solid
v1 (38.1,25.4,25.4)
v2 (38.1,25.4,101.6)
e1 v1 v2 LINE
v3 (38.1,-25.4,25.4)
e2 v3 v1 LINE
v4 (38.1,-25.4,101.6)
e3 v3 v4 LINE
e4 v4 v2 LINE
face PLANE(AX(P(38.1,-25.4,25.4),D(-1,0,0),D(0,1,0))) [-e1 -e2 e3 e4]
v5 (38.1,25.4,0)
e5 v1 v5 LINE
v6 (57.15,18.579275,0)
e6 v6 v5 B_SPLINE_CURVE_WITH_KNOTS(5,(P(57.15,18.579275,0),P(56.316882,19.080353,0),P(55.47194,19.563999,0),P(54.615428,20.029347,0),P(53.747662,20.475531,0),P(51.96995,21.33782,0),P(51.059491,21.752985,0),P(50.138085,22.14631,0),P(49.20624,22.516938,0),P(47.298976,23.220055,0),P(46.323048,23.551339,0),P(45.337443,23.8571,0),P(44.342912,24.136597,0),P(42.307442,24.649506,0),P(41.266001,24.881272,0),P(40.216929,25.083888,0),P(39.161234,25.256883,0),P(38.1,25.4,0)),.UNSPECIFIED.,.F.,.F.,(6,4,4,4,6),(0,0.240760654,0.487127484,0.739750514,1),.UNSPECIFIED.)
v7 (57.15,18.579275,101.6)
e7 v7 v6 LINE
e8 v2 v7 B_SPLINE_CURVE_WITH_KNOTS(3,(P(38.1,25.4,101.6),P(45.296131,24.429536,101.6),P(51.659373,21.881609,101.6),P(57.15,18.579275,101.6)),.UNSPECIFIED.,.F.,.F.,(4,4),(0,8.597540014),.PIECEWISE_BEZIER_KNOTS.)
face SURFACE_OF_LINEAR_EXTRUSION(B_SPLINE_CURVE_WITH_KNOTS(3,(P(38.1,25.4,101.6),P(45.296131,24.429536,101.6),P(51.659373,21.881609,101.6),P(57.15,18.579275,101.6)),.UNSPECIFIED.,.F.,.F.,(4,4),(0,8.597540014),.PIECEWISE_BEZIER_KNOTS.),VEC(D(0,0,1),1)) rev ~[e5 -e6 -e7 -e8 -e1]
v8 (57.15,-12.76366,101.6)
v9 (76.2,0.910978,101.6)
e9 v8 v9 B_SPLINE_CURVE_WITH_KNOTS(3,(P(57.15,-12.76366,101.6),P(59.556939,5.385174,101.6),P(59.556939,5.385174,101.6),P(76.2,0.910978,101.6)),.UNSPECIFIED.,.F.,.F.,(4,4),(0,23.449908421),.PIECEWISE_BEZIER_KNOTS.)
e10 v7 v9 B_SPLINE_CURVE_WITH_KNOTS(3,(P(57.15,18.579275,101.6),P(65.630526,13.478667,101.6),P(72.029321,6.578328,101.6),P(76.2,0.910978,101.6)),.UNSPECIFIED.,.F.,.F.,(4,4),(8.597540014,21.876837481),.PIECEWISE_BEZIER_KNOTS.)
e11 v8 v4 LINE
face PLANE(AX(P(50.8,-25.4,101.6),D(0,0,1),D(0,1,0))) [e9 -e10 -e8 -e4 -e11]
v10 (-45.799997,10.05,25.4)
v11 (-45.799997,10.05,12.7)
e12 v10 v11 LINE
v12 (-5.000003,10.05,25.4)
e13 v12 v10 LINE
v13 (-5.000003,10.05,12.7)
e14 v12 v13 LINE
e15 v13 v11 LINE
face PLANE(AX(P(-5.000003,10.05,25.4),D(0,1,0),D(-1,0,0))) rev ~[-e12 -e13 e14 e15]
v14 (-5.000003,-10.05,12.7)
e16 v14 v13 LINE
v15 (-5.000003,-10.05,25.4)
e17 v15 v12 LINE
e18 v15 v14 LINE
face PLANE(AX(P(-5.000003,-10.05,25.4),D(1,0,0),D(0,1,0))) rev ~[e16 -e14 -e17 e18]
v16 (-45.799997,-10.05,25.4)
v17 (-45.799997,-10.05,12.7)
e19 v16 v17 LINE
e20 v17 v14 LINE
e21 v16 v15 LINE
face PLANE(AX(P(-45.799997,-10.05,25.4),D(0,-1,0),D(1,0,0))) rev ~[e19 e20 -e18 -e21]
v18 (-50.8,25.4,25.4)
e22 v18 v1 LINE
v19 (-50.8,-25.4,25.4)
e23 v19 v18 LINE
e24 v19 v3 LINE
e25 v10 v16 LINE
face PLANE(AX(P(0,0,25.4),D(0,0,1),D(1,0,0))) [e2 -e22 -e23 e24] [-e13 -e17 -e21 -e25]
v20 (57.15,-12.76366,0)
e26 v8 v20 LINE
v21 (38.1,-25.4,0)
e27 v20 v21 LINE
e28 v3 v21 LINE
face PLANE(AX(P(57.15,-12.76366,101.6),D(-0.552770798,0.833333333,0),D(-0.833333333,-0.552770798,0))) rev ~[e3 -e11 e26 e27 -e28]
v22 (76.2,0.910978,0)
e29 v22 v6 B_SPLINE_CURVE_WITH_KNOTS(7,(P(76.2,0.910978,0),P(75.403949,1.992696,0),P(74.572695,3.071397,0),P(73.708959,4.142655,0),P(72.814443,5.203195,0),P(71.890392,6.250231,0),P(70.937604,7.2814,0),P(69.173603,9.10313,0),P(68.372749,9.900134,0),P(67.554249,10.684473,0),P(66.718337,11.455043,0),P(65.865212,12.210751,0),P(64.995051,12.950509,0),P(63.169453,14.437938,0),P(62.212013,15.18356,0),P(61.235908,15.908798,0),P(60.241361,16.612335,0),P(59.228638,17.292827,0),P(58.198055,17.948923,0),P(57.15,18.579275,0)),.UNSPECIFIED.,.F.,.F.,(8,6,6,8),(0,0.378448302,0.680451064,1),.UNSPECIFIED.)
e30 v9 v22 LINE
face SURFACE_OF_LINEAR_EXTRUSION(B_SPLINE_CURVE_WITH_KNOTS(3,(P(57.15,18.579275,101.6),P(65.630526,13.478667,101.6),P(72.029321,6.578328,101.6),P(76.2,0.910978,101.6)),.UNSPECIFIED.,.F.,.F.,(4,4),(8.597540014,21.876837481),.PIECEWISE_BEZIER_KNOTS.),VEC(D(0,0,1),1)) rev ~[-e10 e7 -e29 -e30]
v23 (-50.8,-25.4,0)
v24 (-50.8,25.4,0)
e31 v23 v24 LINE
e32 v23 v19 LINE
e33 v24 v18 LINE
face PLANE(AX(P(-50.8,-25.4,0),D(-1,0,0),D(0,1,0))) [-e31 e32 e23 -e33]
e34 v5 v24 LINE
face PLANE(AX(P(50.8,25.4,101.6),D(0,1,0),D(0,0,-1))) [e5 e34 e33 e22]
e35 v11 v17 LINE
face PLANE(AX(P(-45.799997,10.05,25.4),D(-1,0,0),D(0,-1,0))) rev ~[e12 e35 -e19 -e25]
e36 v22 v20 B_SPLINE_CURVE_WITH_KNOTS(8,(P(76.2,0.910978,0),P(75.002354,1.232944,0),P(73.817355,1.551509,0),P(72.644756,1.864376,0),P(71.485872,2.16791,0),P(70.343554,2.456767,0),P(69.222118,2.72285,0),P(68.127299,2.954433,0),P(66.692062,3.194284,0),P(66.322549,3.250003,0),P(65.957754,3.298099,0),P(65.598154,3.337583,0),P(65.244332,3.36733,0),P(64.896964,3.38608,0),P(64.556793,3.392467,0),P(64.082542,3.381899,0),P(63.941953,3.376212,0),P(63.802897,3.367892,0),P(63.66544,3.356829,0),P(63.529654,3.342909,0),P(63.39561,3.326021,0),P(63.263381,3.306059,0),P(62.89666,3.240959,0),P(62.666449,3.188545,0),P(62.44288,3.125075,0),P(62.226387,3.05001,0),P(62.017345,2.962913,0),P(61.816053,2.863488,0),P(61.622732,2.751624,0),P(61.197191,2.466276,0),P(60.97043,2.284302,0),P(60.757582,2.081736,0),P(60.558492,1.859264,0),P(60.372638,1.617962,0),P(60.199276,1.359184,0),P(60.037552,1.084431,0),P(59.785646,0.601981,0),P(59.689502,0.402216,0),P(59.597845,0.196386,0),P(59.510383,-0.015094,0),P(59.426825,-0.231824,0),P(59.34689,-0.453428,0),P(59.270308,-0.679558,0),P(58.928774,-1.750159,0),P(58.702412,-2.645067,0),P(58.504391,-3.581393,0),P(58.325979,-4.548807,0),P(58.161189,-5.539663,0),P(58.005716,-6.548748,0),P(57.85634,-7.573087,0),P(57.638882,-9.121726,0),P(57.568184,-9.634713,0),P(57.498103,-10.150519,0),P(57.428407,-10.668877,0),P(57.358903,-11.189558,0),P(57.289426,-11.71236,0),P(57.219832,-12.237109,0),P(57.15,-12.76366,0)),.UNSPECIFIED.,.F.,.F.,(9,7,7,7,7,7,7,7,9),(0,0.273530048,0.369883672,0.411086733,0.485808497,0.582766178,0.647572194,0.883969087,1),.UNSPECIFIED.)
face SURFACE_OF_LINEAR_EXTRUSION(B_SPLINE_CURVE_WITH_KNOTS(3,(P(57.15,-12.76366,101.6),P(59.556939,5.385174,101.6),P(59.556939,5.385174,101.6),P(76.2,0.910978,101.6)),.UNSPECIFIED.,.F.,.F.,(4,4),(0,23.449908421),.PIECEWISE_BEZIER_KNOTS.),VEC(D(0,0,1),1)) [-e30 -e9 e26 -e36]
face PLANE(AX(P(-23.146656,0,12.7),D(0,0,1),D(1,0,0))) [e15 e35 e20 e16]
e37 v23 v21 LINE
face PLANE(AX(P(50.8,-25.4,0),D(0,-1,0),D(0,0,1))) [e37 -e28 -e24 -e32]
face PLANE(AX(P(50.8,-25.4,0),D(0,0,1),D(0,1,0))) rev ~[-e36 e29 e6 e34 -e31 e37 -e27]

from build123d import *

# Parameters (mm, degrees)
F0_W      = 101.6
F0_H      = 50.8
F1_DEPTH  = 25.4
F3_DEPTH  = 12.7
F4_W      = 12.7
F4_H      = 50.8
F5_DEPTH  = 76.2
F6_DEPTH  = 25.4
F8_DEPTH  = 228.6
F10_DEPTH = 228.6
F12_DEPTH = 228.6


with BuildPart() as f1:
    # F0 (on Top) → F1 (new body)
    with BuildSketch(Plane.XY):
        Rectangle(F0_W, F0_H)
    extrude(amount=F1_DEPTH)

    # F2 (on face) → F3 (cut)
    with BuildSketch(Plane.XY.offset(25.4)):
        with BuildLine():
            Line((-22.7059231637, 2.6940768363), (-25.4, 0))
            Line((-25.4, 0), (-22.7059231637, -2.6940768363))
            ThreePointArc((-22.7059231637, -2.6940768363), (-21.8800189811, -1.4580238773), (-21.59, 0))
            ThreePointArc((-21.59, 0), (-21.8800189811, 1.4580238773), (-22.7059231637, 2.6940768363))
        make_face()
        with BuildLine():
            ThreePointArc((-22.7059231637, 2.6940768363), (-25.4, 3.81), (-28.0940768363, 2.6940768363))
            Line((-28.0940768363, 2.6940768363), (-25.4, 0))
            Line((-25.4, 0), (-22.7059231637, 2.6940768363))
        make_face()
        with BuildLine():
            Line((-25.4, 0), (-28.0940768363, 2.6940768363))
            ThreePointArc((-28.0940768363, 2.6940768363), (-29.21, 0), (-28.0940768363, -2.6940768363))
            Line((-28.0940768363, -2.6940768363), (-25.4, 0))
        make_face()
        with BuildLine():
            Line((-22.7059231637, -2.6940768363), (-25.4, 0))
            Line((-25.4, 0), (-28.0940768363, -2.6940768363))
            ThreePointArc((-28.0940768363, -2.6940768363), (-25.4, -3.81), (-22.7059231637, -2.6940768363))
        make_face()
        with BuildLine():
            Line((-5.0000027, 10.05000022), (-14.7721255415, 10.05000022))
            ThreePointArc((-14.7721255415, 10.05000022), (-11.8093784333, 5.4082552971), (-10.772825976, 0))
            ThreePointArc((-10.772825976, 0), (-11.8093784333, -5.4082552971), (-14.7721255415, -10.05000022))
            Line((-14.7721255415, -10.05000022), (-5.0000027, -10.05000022))
            Line((-5.0000027, -10.05000022), (-5.0000027, 10.05000022))
        make_face()
        with BuildLine():
            Line((-15.34999978, 10.05000022), (-35.45000022, 10.05000022))
            Line((-35.45000022, 10.05000022), (-28.0940768363, 2.6940768363))
            ThreePointArc((-28.0940768363, 2.6940768363), (-25.4, 3.81), (-22.7059231637, 2.6940768363))
            Line((-22.7059231637, 2.6940768363), (-15.34999978, 10.05000022))
        make_face()
        with BuildLine():
            Line((-28.0940768363, -2.6940768363), (-35.45000022, -10.05000022))
            Line((-35.45000022, -10.05000022), (-15.34999978, -10.05000022))
            Line((-15.34999978, -10.05000022), (-22.7059231637, -2.6940768363))
            ThreePointArc((-22.7059231637, -2.6940768363), (-25.4, -3.81), (-28.0940768363, -2.6940768363))
        make_face()
        with BuildLine():
            ThreePointArc((-36.0278744585, -10.05000022), (-40.027174024, 0), (-36.0278744585, 10.05000022))
            Line((-36.0278744585, 10.05000022), (-45.7999973, 10.05000022))
            Line((-45.7999973, 10.05000022), (-45.7999973, -10.05000022))
            Line((-45.7999973, -10.05000022), (-36.0278744585, -10.05000022))
        make_face()
        with BuildLine():
            Line((-14.7721255415, 10.05000022), (-15.34999978, 10.05000022))
            Line((-15.34999978, 10.05000022), (-22.7059231637, 2.6940768363))
            ThreePointArc((-22.7059231637, 2.6940768363), (-21.8800189811, 1.4580238773), (-21.59, 0))
            ThreePointArc((-21.59, 0), (-21.8800189811, -1.4580238773), (-22.7059231637, -2.6940768363))
            Line((-22.7059231637, -2.6940768363), (-15.34999978, -10.05000022))
            Line((-15.34999978, -10.05000022), (-14.7721255415, -10.05000022))
            ThreePointArc((-14.7721255415, -10.05000022), (-11.8093784333, -5.4082552971), (-10.772825976, 0))
            ThreePointArc((-10.772825976, 0), (-11.8093784333, 5.4082552971), (-14.7721255415, 10.05000022))
        make_face()
        with BuildLine():
            Line((-28.0940768363, 2.6940768363), (-35.45000022, 10.05000022))
            Line((-35.45000022, 10.05000022), (-36.0278744585, 10.05000022))
            ThreePointArc((-36.0278744585, 10.05000022), (-40.027174024, 0), (-36.0278744585, -10.05000022))
            Line((-36.0278744585, -10.05000022), (-35.45000022, -10.05000022))
            Line((-35.45000022, -10.05000022), (-28.0940768363, -2.6940768363))
            ThreePointArc((-28.0940768363, -2.6940768363), (-29.21, 0), (-28.0940768363, 2.6940768363))
        make_face()
    extrude(amount=-F3_DEPTH, mode=Mode.SUBTRACT)

    # F4 (on face) → F5 (join)
    with BuildSketch(Plane.XY.offset(25.4)):
        with Locations((44.45, 0)):
            Rectangle(F4_W, F4_H)
    extrude(amount=F5_DEPTH)

    # F6 (add): a face of the model
    f6_faces = [f1.faces().sort_by_distance(p)[0] for p in [
        (50.8, 0, 50.8),
    ]]
    extrude(f6_faces, amount=F6_DEPTH)

    # F7 (on face) → F8 (cut)
    with BuildSketch(Plane.XY.offset(101.6)):
        with BuildLine():
            Line((57.15, 25.4), (38.1, 25.4))
            add(Edge.make_bspline(
                [(38.1, 25.4), (45.2961309058, 24.4295362641), (51.659373316, 21.8816089912), (57.15, 18.5792745817)],
                knots=[0, 0, 0, 0, 8.5975400143, 8.5975400143, 8.5975400143, 8.5975400143], degree=3))
            Line((57.15, 18.5792745817), (57.15, 25.4))
        make_face()
        with BuildLine():
            Line((76.2, 25.4), (57.15, 25.4))
            Line((57.15, 25.4), (57.15, 18.5792745817))
            add(Edge.make_bspline(
                [(57.15, 18.5792745817), (65.6305263938, 13.4786666307), (72.0293207641, 6.57832777), (76.2, 0.9109777383)],
                knots=[8.5975400143, 8.5975400143, 8.5975400143, 8.5975400143, 21.8768374808, 21.8768374808, 21.8768374808, 21.8768374808], degree=3))
            Line((76.2, 0.9109777383), (76.2, 25.4))
        make_face()
    extrude(amount=-F8_DEPTH, mode=Mode.SUBTRACT)

    # F9 (on face) → F10 (cut)
    with BuildSketch(Plane.XY.offset(101.6)):
        Polygon((38.1, -25.4), (57.15, -25.4), (57.15, -12.7636595487), align=None)
    extrude(amount=-F10_DEPTH, mode=Mode.SUBTRACT)

    # F11 (on face) → F12 (cut)
    with BuildSketch(Plane.XY.offset(101.6)):
        with BuildLine():
            add(Edge.make_bspline(
                [(57.15, -12.7636595487), (59.5569387078, 5.385174416), (59.5569387078, 5.385174416), (76.2, 0.9109777382)],
                knots=[0, 0, 0, 0, 23.4499084205, 23.4499084205, 23.4499084205, 23.4499084205], degree=3))
            Line((57.15, -12.7636595487), (57.15, -25.4))
            Line((57.15, -25.4), (76.2, -25.4))
            Line((76.2, -25.4), (76.2, 0.9109777383))
        make_face()
    extrude(amount=-F12_DEPTH, mode=Mode.SUBTRACT)


solid = f1.part
